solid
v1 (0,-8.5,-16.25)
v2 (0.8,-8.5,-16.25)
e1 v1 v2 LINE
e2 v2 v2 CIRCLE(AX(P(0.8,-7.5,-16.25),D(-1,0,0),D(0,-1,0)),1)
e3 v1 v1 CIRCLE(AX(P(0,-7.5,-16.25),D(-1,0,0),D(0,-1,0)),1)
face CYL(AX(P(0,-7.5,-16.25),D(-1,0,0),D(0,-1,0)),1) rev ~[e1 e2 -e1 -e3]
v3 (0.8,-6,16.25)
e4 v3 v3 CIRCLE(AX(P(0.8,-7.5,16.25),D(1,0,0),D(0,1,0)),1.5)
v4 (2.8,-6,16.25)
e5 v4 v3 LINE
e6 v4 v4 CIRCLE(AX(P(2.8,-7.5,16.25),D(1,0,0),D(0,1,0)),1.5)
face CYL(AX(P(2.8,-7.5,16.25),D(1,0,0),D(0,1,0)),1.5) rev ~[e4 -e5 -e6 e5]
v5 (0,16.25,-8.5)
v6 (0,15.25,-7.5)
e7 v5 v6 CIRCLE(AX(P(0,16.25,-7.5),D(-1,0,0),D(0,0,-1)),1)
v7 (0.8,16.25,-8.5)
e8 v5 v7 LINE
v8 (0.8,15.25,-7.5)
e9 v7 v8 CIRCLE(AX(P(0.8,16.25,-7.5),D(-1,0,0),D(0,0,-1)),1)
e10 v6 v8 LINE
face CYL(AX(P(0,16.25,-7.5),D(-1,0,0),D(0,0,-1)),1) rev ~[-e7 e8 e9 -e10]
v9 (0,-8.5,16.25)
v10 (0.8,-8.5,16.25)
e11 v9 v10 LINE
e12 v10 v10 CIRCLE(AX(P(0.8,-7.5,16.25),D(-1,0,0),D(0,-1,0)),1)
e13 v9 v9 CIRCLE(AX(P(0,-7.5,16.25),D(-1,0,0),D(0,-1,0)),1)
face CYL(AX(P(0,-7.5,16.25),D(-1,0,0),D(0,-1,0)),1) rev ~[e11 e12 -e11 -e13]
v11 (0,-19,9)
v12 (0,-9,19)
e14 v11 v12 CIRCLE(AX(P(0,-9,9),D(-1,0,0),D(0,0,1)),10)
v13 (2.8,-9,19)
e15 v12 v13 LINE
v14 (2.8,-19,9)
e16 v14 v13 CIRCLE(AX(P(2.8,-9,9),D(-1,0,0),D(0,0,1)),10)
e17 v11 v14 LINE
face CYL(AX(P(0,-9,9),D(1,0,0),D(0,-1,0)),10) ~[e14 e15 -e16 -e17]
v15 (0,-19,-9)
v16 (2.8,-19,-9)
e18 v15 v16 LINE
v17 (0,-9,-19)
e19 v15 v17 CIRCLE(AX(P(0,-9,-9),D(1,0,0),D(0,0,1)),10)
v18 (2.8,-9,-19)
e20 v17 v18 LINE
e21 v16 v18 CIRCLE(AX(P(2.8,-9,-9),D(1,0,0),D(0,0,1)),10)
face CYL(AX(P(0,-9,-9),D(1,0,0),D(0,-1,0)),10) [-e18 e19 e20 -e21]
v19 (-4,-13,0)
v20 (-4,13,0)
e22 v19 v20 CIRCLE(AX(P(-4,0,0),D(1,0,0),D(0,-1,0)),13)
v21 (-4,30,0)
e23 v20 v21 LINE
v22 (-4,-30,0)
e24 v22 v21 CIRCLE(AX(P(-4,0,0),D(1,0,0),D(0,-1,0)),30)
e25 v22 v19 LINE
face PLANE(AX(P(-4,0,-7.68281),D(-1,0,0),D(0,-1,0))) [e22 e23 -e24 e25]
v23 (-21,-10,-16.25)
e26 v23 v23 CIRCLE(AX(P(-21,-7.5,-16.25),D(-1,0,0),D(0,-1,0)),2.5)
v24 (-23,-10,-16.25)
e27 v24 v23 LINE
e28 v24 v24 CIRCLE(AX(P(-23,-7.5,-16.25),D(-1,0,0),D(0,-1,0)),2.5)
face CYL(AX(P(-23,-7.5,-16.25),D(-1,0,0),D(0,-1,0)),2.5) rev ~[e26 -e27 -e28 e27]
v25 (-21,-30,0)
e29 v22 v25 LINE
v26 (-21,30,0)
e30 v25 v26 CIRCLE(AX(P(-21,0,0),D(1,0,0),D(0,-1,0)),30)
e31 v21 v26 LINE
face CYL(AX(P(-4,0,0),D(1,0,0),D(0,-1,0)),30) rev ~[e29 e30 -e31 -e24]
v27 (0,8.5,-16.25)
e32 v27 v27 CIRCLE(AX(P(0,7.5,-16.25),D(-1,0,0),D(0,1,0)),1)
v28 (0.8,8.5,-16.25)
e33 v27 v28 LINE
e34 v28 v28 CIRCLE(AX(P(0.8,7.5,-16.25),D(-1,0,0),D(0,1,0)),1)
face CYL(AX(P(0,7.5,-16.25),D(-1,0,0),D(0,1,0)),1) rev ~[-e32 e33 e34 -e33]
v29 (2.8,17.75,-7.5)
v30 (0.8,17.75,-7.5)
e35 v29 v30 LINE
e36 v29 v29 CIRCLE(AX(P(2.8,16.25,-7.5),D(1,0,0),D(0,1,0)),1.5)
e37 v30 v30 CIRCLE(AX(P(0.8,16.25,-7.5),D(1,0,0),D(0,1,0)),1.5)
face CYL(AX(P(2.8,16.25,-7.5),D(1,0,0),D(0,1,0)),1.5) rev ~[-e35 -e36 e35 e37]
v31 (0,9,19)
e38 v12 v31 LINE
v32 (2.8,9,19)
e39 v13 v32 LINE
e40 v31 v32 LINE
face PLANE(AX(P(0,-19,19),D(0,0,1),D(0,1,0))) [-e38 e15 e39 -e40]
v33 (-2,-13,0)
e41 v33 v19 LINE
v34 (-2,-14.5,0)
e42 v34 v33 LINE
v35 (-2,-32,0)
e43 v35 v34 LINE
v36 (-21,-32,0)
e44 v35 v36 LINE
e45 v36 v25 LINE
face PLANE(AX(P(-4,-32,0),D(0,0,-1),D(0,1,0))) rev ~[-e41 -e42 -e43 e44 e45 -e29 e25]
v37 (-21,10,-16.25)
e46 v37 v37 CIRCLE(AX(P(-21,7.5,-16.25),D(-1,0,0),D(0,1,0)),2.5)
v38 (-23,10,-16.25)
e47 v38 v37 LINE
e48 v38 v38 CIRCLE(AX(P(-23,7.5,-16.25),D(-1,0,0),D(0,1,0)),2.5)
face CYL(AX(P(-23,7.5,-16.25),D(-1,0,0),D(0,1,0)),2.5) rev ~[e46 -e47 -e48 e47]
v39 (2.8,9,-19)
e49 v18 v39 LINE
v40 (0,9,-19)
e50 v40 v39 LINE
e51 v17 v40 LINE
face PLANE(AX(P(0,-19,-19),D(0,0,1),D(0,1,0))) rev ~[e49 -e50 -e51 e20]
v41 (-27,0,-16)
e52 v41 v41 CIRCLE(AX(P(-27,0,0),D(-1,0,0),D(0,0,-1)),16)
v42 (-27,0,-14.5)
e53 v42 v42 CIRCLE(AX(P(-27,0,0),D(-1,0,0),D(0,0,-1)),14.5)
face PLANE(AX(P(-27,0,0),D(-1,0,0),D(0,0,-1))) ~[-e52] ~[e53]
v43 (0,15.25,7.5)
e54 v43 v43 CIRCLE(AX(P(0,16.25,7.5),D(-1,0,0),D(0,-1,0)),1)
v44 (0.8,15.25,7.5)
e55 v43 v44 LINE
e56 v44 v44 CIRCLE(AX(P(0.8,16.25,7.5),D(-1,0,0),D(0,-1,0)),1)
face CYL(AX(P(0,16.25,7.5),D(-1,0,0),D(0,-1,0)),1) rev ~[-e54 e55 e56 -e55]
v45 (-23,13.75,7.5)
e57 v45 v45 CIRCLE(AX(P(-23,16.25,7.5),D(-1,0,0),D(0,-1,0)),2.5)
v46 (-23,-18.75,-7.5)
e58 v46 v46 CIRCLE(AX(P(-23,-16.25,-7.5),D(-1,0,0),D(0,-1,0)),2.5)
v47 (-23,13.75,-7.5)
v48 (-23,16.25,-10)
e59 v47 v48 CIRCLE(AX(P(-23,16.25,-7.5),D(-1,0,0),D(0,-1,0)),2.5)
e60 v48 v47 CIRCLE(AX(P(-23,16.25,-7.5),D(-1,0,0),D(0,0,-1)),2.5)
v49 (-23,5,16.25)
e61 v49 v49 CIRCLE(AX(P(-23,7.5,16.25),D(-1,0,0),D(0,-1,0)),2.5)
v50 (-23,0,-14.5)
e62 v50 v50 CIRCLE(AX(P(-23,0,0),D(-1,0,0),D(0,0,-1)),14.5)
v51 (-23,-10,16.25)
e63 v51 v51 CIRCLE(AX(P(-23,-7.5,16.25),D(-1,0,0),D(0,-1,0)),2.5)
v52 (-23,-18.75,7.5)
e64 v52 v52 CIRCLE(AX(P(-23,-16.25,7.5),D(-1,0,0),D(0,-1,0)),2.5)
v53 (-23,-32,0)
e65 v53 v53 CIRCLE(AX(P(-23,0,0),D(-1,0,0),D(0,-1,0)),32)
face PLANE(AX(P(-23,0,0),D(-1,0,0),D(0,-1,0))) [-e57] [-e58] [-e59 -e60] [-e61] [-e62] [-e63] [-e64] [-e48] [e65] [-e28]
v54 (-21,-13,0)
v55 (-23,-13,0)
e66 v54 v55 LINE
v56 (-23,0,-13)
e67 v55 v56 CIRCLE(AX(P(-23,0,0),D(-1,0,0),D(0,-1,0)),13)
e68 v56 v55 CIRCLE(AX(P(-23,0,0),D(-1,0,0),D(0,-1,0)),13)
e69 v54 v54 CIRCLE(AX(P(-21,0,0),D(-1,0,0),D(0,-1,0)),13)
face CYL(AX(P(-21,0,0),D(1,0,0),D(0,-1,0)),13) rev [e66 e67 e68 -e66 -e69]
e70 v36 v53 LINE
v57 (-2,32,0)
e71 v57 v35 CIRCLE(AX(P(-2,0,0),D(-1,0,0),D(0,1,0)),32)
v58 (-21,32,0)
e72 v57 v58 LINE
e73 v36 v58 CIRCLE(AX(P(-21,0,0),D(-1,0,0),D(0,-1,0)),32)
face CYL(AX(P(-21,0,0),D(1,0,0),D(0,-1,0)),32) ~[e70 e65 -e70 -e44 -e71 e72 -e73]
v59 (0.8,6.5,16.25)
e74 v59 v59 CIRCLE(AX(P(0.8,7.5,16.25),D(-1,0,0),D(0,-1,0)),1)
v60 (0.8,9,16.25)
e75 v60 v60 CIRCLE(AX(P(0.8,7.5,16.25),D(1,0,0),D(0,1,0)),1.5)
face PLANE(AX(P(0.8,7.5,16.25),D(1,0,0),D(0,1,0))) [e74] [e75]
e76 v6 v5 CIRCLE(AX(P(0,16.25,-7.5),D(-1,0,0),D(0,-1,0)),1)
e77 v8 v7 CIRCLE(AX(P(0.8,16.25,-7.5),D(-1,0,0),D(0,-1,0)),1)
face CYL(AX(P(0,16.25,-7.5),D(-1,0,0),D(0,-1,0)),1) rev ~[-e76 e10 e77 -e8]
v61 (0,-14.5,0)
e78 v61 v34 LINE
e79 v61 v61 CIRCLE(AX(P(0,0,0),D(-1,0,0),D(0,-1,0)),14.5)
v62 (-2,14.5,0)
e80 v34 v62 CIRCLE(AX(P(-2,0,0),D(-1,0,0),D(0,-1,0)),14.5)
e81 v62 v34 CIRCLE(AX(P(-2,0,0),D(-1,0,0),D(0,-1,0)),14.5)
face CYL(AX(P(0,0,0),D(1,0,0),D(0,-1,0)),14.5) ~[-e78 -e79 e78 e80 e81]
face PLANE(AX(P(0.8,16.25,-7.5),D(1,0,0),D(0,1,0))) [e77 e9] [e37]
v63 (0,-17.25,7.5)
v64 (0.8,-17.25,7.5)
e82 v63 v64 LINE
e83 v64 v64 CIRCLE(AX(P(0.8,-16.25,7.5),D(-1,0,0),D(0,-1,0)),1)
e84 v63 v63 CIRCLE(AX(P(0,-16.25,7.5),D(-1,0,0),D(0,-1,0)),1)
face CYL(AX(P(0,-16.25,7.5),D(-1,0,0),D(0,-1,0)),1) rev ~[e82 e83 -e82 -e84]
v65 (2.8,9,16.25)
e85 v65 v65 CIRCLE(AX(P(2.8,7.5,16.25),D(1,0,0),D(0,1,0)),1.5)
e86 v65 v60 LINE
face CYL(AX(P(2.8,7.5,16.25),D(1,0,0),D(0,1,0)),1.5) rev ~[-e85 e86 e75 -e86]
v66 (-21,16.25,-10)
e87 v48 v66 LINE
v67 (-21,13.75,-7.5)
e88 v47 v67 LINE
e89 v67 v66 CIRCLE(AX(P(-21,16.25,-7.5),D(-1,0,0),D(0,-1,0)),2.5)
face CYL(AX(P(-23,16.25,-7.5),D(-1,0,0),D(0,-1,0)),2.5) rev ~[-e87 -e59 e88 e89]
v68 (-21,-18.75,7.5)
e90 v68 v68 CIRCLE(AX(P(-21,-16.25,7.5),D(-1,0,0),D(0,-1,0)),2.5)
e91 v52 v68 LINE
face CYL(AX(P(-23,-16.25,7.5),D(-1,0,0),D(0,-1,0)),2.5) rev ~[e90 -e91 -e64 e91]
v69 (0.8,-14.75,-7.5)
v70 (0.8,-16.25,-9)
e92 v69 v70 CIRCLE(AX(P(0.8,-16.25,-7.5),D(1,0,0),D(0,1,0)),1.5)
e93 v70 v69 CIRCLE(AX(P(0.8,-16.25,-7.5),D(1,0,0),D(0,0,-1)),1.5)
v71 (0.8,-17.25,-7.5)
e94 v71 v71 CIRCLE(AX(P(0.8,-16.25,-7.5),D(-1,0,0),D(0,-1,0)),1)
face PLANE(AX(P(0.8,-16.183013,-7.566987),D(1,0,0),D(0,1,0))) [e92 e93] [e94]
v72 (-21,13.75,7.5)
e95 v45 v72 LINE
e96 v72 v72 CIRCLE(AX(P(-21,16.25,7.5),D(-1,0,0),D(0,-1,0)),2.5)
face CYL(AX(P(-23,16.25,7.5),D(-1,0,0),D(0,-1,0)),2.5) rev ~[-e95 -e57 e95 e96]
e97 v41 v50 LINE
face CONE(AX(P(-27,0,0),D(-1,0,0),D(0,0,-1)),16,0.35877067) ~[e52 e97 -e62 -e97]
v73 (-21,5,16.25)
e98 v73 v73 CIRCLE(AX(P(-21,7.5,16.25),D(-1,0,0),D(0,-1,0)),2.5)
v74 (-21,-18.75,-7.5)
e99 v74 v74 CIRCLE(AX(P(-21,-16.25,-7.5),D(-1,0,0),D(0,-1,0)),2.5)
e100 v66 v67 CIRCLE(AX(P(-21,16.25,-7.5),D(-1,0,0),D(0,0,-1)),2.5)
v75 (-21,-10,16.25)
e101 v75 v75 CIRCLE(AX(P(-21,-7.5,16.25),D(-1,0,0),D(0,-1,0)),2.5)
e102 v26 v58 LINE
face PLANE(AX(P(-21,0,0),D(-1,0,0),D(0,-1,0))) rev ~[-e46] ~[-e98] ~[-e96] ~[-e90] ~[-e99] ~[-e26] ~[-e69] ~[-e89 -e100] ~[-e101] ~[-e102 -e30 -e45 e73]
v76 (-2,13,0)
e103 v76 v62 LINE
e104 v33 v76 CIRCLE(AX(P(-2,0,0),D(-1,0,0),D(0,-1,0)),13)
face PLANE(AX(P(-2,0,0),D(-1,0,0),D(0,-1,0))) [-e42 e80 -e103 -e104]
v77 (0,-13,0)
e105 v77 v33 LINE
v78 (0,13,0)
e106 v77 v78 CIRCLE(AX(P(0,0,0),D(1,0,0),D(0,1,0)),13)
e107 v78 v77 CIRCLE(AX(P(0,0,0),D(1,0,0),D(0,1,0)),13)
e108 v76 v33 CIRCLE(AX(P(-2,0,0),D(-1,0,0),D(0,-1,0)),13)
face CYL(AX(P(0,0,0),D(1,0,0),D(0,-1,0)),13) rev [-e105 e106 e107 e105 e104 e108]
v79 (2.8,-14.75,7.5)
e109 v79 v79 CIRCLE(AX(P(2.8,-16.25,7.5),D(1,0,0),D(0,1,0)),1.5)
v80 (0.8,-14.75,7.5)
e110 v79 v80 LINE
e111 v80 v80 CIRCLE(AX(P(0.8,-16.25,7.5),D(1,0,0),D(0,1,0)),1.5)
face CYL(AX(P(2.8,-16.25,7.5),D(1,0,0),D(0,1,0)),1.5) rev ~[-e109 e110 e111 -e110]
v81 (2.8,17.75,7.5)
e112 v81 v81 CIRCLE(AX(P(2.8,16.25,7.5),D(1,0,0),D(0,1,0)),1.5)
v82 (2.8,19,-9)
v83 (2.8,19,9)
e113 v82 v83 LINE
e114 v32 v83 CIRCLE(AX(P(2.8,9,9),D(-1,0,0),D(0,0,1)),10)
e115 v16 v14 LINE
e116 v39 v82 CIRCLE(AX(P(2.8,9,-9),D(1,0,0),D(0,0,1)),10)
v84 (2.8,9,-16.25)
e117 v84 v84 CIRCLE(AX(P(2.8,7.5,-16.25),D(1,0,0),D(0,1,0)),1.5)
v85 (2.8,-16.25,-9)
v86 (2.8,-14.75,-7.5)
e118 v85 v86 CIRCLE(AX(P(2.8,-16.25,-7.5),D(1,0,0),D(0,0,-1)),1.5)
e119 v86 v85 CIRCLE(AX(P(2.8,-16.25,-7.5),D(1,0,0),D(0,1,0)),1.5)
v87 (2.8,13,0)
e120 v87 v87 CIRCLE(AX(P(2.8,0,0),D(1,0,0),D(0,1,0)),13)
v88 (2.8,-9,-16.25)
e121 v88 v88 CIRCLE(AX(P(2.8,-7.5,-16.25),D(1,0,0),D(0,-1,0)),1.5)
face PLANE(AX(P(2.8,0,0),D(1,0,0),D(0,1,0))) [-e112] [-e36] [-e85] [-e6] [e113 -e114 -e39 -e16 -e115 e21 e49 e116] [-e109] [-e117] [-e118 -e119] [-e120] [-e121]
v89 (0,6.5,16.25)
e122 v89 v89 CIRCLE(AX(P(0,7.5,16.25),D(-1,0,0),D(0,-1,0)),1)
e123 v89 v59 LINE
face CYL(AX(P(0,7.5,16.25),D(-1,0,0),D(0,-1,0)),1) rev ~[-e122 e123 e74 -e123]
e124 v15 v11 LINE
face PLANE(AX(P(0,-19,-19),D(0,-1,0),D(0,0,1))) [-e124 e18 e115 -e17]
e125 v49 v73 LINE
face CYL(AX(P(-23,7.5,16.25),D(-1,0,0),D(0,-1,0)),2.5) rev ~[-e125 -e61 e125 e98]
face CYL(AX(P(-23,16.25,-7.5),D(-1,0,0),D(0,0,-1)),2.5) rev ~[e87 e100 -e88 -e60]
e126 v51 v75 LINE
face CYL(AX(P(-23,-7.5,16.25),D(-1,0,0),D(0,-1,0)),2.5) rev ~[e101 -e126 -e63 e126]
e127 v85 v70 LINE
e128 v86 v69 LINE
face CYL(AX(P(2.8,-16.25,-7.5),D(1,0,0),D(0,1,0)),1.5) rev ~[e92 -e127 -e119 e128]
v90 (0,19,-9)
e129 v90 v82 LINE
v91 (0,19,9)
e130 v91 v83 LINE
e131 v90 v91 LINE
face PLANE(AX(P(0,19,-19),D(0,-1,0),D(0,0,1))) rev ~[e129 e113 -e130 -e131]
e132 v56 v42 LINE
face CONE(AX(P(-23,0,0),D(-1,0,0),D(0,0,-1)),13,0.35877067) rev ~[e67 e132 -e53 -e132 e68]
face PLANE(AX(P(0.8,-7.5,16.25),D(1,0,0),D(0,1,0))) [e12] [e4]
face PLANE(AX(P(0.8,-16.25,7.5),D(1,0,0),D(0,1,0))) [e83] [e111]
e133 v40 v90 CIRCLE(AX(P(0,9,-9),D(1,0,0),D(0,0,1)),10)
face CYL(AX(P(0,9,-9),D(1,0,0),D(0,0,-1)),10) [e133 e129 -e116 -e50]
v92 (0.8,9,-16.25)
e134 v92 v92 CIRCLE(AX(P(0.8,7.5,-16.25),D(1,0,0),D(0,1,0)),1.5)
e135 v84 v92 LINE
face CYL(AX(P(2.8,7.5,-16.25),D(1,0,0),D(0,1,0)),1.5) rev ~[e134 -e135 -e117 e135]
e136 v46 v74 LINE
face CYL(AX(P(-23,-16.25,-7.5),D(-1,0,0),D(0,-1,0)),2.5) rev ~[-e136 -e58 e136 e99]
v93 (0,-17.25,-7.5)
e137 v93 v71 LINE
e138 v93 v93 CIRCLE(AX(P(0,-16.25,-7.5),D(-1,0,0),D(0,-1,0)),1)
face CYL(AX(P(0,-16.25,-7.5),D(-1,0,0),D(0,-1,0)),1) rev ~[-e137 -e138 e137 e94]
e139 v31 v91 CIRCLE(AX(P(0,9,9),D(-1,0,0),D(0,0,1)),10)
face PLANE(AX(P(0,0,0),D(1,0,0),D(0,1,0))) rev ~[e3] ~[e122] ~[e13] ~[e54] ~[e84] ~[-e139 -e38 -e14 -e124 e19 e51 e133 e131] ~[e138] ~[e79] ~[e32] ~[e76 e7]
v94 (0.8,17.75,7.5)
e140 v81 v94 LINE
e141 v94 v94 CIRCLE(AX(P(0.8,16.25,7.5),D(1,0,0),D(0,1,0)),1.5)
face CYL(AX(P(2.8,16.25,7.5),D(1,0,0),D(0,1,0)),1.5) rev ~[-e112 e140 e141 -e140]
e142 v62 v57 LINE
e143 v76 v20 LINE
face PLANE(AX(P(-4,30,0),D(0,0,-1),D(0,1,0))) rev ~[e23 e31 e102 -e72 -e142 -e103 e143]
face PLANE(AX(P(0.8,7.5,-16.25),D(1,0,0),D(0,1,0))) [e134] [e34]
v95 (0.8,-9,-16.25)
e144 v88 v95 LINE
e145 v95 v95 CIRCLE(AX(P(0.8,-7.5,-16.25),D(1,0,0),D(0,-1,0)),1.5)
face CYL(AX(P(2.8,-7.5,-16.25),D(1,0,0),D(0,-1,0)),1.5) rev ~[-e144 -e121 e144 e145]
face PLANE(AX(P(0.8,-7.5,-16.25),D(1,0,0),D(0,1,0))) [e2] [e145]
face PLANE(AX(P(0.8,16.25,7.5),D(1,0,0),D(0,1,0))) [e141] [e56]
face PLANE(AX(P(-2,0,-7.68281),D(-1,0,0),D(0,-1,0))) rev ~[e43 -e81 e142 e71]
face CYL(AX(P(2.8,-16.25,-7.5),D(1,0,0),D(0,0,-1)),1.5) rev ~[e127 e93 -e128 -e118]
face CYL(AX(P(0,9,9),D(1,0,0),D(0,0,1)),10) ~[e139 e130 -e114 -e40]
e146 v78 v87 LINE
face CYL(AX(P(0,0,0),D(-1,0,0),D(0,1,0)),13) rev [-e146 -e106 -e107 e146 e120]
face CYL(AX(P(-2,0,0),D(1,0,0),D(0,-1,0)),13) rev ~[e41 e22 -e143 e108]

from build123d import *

# Parameters (mm, degrees)
F0_W      = 38
F0_H      = 38
F0_R      = 13
F1_DEPTH  = 2.8
F2_R      = 1.5
F3_DEPTH  = 2
F4_R      = 1
F5_DEPTH  = 1.5
F6_R      = 14.5
F6_R_2    = 13
F7_DEPTH  = 2
F9_DEPTH  = 2
F11_DEPTH = 17
F12_R     = 32
F12_R_2   = 13
F13_DEPTH = 2
F14_R     = 2.5
F15_DEPTH = 10
F18_R     = 10


with BuildPart() as f1:
    # F0 (on Right) → F1 (new body)
    with BuildSketch(Plane.YZ):
        Rectangle(F0_W, F0_H)
        Circle(F0_R, mode=Mode.SUBTRACT)
    extrude(amount=F1_DEPTH)

    # F2 (on face) → F3 (cut)
    with BuildSketch(Plane.YZ.offset(2.8)):
        with Locations((16.25, -7.5)):
            Circle(F2_R)
        with BuildLine():
            ThreePointArc((-14.75, -7.5), (-17.3106601718, -6.4393398282), (-16.25, -9))
            ThreePointArc((-16.25, -9), (-15.1893398282, -8.5606601718), (-14.75, -7.5))
        make_face()
        with Locations((16.25, 7.5)):
            Circle(F2_R)
        with BuildLine():
            ThreePointArc((-6, -16.25), (-7.5, -14.75), (-9, -16.25))
            ThreePointArc((-9, -16.25), (-7.5, -17.75), (-6, -16.25))
        make_face()
        with Locations((7.5, -16.25)):
            Circle(F2_R)
        with Locations((7.5, 16.25)):
            Circle(F2_R)
        with Locations((-16.25, 7.5)):
            Circle(F2_R)
        with Locations((-7.5, 16.25)):
            Circle(F2_R)
    extrude(amount=-F3_DEPTH, mode=Mode.SUBTRACT)

    # F4 (on face) → F5 (cut)
    with BuildSketch(Plane(origin=(0, 0, 0), x_dir=(0, -1, 0), z_dir=(-1, 0, 0))):
        with BuildLine():
            ThreePointArc((-15.25, -7.5), (-16.9571067812, -6.7928932188), (-16.25, -8.5))
            ThreePointArc((-16.25, -8.5), (-15.5428932188, -8.2071067812), (-15.25, -7.5))
        make_face()
        with BuildLine():
            ThreePointArc((-6.5, -16.25), (-7.5, -15.25), (-8.5, -16.25))
            ThreePointArc((-8.5, -16.25), (-7.5, -17.25), (-6.5, -16.25))
        make_face()
        with Locations((-16.25, 7.5)):
            Circle(F4_R)
        with Locations((-7.5, 16.25)):
            Circle(F4_R)
        with Locations((7.5, 16.25)):
            Circle(F4_R)
        with Locations((7.5, -16.25)):
            Circle(F4_R)
        with Locations((16.25, -7.5)):
            Circle(F4_R)
        with Locations((16.25, 7.5)):
            Circle(F4_R)
    extrude(amount=-F5_DEPTH, mode=Mode.SUBTRACT)

    # F6 (on face) → F7 (join)
    with BuildSketch(Plane(origin=(0, 0, 0), x_dir=(0, -1, 0), z_dir=(-1, 0, 0))):
        Circle(F6_R)
        Circle(F6_R_2, mode=Mode.SUBTRACT)
    extrude(amount=F7_DEPTH)

    # F8 (on face) → F9 (join)
    with BuildSketch(Plane(origin=(-2, 0, 0), x_dir=(0, -1, 0), z_dir=(-1, 0, 0))):
        with BuildLine():
            Line((-13, 0), (-14.5, 0))
            ThreePointArc((-14.5, 0), (0, -14.5), (14.5, 0))
            Line((14.5, 0), (13, 0))
            ThreePointArc((13, 0), (0, -13), (-13, 0))
        make_face()
        with BuildLine():
            Line((-14.5, 0), (-32, 0))
            ThreePointArc((-32, 0), (0, -32), (32, 0))
            Line((32, 0), (14.5, 0))
            ThreePointArc((14.5, 0), (0, -14.5), (-14.5, 0))
        make_face()
    extrude(amount=F9_DEPTH)

    # F10 (on face) → F11 (join)
    with BuildSketch(Plane(origin=(-4, 0, 0), x_dir=(0, -1, 0), z_dir=(-1, 0, 0))):
        with BuildLine():
            Line((-30, 0), (-32, 0))
            ThreePointArc((-32, 0), (0, -32), (32, 0))
            Line((32, 0), (30, 0))
            ThreePointArc((30, 0), (0, -30), (-30, 0))
        make_face()
    extrude(amount=F11_DEPTH)

    # F12 (on face) → F13 (join)
    with BuildSketch(Plane(origin=(-21, 0, 0), x_dir=(0, -1, 0), z_dir=(-1, 0, 0))):
        Circle(F12_R)
        Circle(F12_R_2, mode=Mode.SUBTRACT)
    extrude(amount=F13_DEPTH)

    # F14 (on face) → F15 (cut)
    with BuildSketch(Plane(origin=(-23, 0, 0), x_dir=(0, -1, 0), z_dir=(-1, 0, 0))):
        with BuildLine():
            ThreePointArc((-5, -16.25), (-7.5, -13.75), (-10, -16.25))
            ThreePointArc((-10, -16.25), (-7.5, -18.75), (-5, -16.25))
        make_face()
        with BuildLine():
            ThreePointArc((-13.75, -7.5), (-18.017766953, -5.732233047), (-16.25, -10))
            ThreePointArc((-16.25, -10), (-14.482233047, -9.267766953), (-13.75, -7.5))
        make_face()
        with Locations((7.5, -16.25)):
            Circle(F14_R)
        with Locations((16.25, -7.5)):
            Circle(F14_R)
        with Locations((-16.25, 7.5)):
            Circle(F14_R)
        with Locations((16.25, 7.5)):
            Circle(F14_R)
        with Locations((7.5, 16.25)):
            Circle(F14_R)
        with Locations((-7.5, 16.25)):
            Circle(F14_R)
    extrude(amount=-F15_DEPTH, mode=Mode.SUBTRACT)

    # F16 (on Front) → F17 (revolve)
    with BuildSketch(Plane.XZ):
        Polygon((-23, -14.5), (-23, -13), (-27, -14.5), (-27, -16), align=None)
    revolve(axis=Axis((-14.0123711899, 0, 0), (-1, 0, 0)))

    # F18
    f18_edges = [f1.edges().sort_by_distance(p)[0] for p in [
        (1.4, 19, 19),
        (1.4, 19, -19),
        (1.4, -19, -19),
        (1.4, -19, 19),
    ]]
    fillet(f18_edges, radius=F18_R)


solid = f1.part
